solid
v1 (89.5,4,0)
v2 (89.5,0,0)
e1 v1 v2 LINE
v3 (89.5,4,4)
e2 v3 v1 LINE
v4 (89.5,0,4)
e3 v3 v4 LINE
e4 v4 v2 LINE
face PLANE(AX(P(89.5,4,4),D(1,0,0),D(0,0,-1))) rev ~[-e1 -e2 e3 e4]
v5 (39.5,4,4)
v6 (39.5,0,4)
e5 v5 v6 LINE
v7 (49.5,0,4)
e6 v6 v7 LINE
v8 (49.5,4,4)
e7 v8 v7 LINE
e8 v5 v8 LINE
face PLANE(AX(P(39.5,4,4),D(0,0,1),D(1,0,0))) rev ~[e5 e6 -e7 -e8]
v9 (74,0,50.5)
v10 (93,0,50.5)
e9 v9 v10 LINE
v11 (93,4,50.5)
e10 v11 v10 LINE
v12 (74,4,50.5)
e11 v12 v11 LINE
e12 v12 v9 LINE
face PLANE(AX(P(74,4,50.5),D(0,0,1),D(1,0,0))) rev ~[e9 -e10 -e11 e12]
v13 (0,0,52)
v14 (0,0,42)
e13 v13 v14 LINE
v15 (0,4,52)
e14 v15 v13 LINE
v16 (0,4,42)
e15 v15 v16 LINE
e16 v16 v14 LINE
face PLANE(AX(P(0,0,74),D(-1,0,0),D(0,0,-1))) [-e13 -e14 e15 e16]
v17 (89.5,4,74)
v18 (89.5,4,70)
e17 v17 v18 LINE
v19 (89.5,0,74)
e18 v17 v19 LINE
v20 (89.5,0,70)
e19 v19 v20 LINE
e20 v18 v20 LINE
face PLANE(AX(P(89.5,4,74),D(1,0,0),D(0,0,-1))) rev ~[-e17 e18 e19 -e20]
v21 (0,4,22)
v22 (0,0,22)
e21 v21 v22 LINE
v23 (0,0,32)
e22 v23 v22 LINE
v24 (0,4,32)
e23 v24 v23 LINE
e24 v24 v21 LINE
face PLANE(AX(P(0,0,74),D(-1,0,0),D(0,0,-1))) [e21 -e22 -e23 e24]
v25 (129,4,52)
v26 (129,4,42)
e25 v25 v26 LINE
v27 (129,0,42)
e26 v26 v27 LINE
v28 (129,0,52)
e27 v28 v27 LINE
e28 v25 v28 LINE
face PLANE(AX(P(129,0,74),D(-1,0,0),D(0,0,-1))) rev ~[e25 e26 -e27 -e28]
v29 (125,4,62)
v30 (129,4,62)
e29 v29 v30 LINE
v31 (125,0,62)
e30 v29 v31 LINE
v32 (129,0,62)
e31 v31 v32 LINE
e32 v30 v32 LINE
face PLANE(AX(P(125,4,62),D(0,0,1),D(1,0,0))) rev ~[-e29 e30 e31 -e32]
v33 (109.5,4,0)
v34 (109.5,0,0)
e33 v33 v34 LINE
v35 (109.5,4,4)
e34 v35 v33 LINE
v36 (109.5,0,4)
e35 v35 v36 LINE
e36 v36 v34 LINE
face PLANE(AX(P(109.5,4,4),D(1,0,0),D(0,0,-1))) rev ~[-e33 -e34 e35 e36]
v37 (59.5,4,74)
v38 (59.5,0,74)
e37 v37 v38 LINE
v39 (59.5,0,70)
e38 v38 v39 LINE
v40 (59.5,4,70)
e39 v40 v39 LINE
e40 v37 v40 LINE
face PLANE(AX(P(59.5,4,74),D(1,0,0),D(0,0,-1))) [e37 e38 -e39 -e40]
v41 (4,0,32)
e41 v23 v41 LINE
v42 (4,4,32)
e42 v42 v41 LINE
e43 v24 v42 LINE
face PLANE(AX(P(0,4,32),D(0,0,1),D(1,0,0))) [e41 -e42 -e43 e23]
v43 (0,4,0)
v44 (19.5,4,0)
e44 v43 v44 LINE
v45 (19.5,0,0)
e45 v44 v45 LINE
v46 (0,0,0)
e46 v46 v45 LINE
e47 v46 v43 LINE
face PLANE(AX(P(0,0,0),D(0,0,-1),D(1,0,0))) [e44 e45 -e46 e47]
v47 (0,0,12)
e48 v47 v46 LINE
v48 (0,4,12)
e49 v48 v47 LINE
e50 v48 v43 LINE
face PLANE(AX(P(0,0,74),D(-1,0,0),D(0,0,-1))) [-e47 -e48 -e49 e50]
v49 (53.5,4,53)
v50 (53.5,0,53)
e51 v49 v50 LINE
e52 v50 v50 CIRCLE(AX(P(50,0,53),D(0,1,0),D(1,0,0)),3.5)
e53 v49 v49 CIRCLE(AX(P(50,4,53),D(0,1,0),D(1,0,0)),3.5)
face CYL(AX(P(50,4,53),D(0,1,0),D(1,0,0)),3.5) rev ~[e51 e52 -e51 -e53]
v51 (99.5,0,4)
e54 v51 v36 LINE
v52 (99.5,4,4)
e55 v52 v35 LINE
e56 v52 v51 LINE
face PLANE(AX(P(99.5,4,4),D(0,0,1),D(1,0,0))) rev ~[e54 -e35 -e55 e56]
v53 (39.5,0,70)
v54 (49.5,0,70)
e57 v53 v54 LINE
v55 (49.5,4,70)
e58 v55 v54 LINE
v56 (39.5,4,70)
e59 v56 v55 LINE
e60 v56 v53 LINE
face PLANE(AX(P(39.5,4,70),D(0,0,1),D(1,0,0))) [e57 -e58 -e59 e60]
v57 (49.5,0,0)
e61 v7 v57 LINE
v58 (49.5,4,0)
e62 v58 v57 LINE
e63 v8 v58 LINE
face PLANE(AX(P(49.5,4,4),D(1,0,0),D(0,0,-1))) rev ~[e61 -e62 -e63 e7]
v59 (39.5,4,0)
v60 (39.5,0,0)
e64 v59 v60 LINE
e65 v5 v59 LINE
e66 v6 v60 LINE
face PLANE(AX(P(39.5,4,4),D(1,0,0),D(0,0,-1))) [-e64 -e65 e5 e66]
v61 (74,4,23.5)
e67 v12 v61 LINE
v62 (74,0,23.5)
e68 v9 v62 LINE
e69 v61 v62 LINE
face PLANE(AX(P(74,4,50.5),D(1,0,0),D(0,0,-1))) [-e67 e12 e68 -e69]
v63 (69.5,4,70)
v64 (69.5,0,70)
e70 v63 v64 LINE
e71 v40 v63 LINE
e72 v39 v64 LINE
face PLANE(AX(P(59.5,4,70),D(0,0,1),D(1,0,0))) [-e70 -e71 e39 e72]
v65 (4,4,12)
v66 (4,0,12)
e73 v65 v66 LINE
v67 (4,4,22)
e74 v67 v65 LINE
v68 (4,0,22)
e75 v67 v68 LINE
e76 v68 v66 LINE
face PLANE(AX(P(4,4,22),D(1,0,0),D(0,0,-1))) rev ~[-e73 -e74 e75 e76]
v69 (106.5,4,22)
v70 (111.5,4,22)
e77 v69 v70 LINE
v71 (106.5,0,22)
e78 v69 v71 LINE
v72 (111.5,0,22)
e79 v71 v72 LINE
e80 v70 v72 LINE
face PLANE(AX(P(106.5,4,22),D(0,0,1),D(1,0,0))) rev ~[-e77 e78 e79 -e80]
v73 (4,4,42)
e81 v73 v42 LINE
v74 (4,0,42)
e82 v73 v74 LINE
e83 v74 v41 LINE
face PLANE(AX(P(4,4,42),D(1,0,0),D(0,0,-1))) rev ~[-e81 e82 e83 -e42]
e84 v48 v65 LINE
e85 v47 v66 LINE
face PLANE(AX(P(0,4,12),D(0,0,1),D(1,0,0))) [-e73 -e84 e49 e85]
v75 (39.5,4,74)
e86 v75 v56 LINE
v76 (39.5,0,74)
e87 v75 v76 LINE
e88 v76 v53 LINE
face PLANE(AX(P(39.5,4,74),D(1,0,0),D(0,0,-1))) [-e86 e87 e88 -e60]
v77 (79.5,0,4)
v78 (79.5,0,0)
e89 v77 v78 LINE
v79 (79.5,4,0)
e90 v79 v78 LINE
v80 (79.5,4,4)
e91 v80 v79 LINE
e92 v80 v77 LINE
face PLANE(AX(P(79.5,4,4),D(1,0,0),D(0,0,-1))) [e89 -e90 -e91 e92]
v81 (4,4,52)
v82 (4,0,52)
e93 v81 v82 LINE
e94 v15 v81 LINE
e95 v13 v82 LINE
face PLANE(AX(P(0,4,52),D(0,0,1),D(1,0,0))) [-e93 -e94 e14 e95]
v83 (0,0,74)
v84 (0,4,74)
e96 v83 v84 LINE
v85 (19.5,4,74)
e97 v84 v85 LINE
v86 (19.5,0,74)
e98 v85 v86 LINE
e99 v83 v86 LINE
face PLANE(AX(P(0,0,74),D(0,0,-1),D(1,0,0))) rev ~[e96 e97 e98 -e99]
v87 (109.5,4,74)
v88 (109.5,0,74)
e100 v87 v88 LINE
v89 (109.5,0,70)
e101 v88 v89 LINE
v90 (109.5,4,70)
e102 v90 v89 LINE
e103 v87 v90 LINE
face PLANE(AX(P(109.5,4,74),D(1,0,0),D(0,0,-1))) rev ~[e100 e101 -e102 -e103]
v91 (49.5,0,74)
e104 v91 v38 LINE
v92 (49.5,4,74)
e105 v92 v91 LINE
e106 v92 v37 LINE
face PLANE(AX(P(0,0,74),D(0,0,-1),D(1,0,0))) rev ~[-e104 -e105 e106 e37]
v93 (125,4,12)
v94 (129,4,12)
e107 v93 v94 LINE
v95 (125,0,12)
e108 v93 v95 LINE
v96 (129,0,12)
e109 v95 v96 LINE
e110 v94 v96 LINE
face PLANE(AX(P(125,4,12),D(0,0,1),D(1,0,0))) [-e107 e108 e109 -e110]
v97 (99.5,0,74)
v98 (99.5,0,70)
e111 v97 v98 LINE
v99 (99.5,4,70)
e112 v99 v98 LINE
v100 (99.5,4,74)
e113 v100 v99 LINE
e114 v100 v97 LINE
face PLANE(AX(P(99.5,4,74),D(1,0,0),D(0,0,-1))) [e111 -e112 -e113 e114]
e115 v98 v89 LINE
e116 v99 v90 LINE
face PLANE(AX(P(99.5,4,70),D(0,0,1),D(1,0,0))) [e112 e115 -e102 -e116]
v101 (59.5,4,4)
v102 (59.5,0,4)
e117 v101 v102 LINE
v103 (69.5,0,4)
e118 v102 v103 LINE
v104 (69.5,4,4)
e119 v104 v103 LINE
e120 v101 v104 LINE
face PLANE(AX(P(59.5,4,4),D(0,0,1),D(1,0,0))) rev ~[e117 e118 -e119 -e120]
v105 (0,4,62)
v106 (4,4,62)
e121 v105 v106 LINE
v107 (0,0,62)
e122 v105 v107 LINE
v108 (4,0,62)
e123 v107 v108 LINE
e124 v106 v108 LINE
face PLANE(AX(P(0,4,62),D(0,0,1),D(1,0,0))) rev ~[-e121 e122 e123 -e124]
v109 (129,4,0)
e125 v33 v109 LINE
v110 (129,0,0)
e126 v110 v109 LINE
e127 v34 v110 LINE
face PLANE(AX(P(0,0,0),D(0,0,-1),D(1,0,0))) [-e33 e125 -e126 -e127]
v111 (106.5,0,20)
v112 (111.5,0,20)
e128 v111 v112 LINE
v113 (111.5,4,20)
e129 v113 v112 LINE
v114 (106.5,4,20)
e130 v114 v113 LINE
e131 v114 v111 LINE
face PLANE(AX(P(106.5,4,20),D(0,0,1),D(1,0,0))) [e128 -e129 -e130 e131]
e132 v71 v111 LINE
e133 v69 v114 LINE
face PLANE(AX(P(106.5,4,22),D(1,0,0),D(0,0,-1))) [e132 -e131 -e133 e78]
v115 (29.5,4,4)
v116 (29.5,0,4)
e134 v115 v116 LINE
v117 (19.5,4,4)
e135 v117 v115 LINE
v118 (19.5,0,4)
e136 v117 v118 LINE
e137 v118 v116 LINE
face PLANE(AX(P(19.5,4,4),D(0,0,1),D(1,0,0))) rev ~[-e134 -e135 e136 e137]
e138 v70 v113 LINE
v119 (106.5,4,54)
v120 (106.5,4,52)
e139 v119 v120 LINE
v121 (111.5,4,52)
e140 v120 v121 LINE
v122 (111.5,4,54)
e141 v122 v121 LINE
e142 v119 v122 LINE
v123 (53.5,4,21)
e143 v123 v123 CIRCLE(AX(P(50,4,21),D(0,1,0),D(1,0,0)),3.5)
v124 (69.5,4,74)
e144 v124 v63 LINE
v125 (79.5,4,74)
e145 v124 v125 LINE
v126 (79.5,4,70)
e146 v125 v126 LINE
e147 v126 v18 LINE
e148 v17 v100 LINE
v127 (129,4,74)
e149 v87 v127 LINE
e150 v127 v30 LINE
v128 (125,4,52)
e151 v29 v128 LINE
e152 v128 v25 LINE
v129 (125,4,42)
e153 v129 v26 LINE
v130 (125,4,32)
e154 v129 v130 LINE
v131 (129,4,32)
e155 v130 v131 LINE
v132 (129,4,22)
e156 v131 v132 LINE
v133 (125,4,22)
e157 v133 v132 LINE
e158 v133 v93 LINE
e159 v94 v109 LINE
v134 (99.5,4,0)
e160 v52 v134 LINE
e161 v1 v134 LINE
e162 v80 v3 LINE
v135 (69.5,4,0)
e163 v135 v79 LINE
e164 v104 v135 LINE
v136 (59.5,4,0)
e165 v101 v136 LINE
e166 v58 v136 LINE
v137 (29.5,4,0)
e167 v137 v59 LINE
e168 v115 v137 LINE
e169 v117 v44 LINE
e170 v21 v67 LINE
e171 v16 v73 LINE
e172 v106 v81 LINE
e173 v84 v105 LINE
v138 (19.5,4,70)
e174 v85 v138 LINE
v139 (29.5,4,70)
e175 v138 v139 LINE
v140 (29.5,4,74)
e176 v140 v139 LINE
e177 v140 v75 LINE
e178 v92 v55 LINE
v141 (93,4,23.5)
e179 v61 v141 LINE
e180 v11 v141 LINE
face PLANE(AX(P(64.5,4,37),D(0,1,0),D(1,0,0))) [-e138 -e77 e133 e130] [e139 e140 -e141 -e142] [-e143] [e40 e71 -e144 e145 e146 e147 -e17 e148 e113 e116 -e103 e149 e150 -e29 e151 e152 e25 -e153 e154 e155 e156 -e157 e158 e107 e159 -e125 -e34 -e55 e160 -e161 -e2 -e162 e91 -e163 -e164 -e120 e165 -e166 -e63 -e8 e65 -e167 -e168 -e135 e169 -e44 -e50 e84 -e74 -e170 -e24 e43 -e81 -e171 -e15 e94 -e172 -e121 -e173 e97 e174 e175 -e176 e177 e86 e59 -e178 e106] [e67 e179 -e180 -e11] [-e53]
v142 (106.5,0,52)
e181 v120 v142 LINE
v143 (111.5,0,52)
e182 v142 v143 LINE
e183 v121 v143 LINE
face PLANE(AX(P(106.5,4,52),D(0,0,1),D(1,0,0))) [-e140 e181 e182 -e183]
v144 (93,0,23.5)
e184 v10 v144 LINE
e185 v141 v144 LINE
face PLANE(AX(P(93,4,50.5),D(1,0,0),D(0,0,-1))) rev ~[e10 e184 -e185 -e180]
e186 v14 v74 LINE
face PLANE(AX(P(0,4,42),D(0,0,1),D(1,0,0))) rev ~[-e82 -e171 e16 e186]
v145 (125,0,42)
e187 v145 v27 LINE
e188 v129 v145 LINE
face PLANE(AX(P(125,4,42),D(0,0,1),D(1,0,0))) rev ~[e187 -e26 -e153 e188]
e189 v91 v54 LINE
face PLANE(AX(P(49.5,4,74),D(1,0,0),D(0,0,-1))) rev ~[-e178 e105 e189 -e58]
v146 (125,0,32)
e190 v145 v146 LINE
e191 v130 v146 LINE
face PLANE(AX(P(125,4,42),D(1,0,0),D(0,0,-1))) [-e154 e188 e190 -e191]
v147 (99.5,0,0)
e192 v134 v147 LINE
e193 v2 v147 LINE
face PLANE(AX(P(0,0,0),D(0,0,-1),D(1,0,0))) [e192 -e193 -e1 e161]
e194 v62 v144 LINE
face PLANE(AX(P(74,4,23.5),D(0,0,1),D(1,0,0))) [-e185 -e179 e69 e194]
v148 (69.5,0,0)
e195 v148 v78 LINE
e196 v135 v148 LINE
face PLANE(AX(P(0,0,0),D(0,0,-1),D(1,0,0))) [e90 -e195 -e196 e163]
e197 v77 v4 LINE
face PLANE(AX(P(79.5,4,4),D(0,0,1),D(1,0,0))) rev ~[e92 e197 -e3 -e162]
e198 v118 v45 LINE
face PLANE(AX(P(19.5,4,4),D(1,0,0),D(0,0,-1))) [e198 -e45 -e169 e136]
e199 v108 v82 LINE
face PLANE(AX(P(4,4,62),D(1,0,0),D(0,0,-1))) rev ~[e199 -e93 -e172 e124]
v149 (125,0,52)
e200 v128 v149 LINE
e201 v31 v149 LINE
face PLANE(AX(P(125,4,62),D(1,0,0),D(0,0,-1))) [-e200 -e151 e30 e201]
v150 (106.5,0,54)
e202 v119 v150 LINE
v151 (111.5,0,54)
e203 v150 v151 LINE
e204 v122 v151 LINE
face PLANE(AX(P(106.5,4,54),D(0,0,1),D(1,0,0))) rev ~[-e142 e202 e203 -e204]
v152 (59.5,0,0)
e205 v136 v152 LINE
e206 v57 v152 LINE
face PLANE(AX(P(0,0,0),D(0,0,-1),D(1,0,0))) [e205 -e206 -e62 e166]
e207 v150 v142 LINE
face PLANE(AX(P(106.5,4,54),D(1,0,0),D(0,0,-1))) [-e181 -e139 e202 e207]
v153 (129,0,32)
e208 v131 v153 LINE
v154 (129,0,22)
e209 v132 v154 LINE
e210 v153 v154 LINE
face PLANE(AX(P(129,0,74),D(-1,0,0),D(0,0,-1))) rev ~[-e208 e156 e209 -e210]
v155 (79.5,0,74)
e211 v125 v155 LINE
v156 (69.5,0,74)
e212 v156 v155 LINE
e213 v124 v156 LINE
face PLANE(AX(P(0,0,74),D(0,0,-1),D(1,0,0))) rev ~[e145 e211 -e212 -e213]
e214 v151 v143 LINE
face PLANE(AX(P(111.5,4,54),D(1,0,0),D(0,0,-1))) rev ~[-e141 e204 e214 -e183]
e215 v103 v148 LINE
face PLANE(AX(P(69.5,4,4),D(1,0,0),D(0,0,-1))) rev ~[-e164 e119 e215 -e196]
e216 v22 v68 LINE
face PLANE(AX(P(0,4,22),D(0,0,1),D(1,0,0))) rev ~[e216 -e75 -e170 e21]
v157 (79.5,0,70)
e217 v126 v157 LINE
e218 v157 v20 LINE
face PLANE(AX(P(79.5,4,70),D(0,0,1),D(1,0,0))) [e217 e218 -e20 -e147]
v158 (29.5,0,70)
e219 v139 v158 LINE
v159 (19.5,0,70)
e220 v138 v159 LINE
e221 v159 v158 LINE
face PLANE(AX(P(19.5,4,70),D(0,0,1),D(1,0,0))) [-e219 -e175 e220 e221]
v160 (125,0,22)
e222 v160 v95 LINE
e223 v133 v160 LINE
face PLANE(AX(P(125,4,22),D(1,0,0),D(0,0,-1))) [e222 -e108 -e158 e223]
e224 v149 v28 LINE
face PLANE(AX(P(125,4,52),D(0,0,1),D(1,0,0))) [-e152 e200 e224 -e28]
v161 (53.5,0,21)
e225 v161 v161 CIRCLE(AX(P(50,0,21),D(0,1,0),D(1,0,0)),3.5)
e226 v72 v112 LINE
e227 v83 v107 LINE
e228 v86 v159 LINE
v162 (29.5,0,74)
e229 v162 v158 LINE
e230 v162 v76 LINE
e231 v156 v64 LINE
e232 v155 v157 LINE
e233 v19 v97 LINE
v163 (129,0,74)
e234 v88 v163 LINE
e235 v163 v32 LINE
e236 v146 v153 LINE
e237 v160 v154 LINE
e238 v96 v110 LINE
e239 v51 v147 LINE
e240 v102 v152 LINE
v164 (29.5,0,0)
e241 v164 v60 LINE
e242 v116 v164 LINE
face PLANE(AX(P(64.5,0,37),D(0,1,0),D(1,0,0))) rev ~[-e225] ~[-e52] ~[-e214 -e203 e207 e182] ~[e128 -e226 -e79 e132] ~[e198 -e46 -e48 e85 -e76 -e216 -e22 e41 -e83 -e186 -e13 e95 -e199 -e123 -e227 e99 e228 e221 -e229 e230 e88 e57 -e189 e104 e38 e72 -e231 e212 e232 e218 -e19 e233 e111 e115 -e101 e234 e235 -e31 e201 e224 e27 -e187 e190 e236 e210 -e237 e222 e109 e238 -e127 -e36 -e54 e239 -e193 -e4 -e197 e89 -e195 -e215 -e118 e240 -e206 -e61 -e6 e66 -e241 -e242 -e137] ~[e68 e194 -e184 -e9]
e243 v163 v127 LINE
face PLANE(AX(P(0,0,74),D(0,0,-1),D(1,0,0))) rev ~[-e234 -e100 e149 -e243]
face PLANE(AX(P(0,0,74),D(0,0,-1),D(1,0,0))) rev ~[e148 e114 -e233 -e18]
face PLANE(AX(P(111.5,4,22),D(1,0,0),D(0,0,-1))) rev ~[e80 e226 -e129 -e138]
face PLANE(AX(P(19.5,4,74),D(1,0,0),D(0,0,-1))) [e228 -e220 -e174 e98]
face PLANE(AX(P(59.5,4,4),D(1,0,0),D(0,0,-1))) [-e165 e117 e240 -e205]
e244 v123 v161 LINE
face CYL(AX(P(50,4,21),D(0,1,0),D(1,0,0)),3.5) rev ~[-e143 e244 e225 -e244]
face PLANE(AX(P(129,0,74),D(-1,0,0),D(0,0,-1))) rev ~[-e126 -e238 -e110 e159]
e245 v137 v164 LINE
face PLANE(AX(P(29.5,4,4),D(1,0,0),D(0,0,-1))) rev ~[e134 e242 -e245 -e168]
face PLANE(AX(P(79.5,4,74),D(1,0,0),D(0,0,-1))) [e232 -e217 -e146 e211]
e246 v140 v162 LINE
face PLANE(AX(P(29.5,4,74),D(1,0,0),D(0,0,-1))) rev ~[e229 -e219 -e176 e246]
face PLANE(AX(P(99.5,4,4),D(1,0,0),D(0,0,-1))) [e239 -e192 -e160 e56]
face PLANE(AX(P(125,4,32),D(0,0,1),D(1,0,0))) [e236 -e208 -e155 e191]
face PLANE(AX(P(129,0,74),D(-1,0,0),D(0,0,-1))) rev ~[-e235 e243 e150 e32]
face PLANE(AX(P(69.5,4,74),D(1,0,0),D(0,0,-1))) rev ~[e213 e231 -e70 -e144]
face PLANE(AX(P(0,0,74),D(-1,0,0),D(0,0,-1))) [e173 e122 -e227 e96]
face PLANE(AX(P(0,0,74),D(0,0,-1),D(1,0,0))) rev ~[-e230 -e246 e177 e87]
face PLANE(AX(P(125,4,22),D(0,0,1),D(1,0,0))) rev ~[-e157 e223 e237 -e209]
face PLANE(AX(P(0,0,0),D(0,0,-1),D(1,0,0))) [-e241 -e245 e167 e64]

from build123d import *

# Parameters (mm, degrees)
SKETCH1_W           = 129
SKETCH1_H           = 74
BOSS_EXTRUDE1_DEPTH = 4
SKETCH2_R           = 3.5
SKETCH2_W           = 19
SKETCH2_H           = 27
CUT_EXTRUDE1_DEPTH  = 5
SKETCH3_W           = 5
SKETCH3_H           = 2
CUT_EXTRUDE2_DEPTH  = 5
SKETCH4_W           = 4
SKETCH4_H           = 10
SKETCH4_W_2         = 10
SKETCH4_H_2         = 4
CUT_EXTRUDE3_DEPTH  = 5


with BuildPart() as part:
    # Sketch1 → Boss-Extrude1 (new body)
    with BuildSketch(Plane(origin=(0, 0, 0), x_dir=(1, 0, 0), z_dir=(0, 1, 0))):
        with Locations((64.5, -37)):
            Rectangle(SKETCH1_W, SKETCH1_H)
    extrude(amount=BOSS_EXTRUDE1_DEPTH)

    # Sketch2 → Cut-Extrude1 (cut, through all)
    with BuildSketch(Plane(origin=(0, 4, 0), x_dir=(1, 0, 0), z_dir=(0, 1, 0))):
        with Locations((50, -21)):
            Circle(SKETCH2_R)
        with Locations((50, -53)):
            Circle(SKETCH2_R)
        with Locations((83.5, -37)):
            Rectangle(SKETCH2_W, SKETCH2_H)
    extrude(amount=-CUT_EXTRUDE1_DEPTH, mode=Mode.SUBTRACT)

    # Sketch3 → Cut-Extrude2 (cut, through all)
    with BuildSketch(Plane(origin=(0, 4, 0), x_dir=(1, 0, 0), z_dir=(0, 1, 0))):
        with Locations((109, -21)):
            Rectangle(SKETCH3_W, SKETCH3_H)
        with Locations((109, -53)):
            Rectangle(SKETCH3_W, SKETCH3_H)
    extrude(amount=-CUT_EXTRUDE2_DEPTH, mode=Mode.SUBTRACT)

    # Sketch4 → Cut-Extrude3 (cut, through all)
    with BuildSketch(Plane(origin=(0, 4, 0), x_dir=(1, 0, 0), z_dir=(0, 1, 0))):
        with Locations((127, -57)):
            Rectangle(SKETCH4_W, SKETCH4_H)
        with Locations((127, -37)):
            Rectangle(SKETCH4_W, SKETCH4_H)
        with Locations((127, -17)):
            Rectangle(SKETCH4_W, SKETCH4_H)
        with Locations((2, -57)):
            Rectangle(SKETCH4_W, SKETCH4_H)
        with Locations((2, -37)):
            Rectangle(SKETCH4_W, SKETCH4_H)
        with Locations((2, -17)):
            Rectangle(SKETCH4_W, SKETCH4_H)
        with Locations((104.5, -2)):
            Rectangle(SKETCH4_W_2, SKETCH4_H_2)
        with Locations((84.5, -2)):
            Rectangle(SKETCH4_W_2, SKETCH4_H_2)
        with Locations((64.5, -2)):
            Rectangle(SKETCH4_W_2, SKETCH4_H_2)
        with Locations((44.5, -2)):
            Rectangle(SKETCH4_W_2, SKETCH4_H_2)
        with Locations((24.5, -2)):
            Rectangle(SKETCH4_W_2, SKETCH4_H_2)
        with Locations((104.5, -72)):
            Rectangle(SKETCH4_W_2, SKETCH4_H_2)
        with Locations((84.5, -72)):
            Rectangle(SKETCH4_W_2, SKETCH4_H_2)
        with Locations((64.5, -72)):
            Rectangle(SKETCH4_W_2, SKETCH4_H_2)
        with Locations((44.5, -72)):
            Rectangle(SKETCH4_W_2, SKETCH4_H_2)
        with Locations((24.5, -72)):
            Rectangle(SKETCH4_W_2, SKETCH4_H_2)
    extrude(amount=-CUT_EXTRUDE3_DEPTH, mode=Mode.SUBTRACT)


solid = part.part
